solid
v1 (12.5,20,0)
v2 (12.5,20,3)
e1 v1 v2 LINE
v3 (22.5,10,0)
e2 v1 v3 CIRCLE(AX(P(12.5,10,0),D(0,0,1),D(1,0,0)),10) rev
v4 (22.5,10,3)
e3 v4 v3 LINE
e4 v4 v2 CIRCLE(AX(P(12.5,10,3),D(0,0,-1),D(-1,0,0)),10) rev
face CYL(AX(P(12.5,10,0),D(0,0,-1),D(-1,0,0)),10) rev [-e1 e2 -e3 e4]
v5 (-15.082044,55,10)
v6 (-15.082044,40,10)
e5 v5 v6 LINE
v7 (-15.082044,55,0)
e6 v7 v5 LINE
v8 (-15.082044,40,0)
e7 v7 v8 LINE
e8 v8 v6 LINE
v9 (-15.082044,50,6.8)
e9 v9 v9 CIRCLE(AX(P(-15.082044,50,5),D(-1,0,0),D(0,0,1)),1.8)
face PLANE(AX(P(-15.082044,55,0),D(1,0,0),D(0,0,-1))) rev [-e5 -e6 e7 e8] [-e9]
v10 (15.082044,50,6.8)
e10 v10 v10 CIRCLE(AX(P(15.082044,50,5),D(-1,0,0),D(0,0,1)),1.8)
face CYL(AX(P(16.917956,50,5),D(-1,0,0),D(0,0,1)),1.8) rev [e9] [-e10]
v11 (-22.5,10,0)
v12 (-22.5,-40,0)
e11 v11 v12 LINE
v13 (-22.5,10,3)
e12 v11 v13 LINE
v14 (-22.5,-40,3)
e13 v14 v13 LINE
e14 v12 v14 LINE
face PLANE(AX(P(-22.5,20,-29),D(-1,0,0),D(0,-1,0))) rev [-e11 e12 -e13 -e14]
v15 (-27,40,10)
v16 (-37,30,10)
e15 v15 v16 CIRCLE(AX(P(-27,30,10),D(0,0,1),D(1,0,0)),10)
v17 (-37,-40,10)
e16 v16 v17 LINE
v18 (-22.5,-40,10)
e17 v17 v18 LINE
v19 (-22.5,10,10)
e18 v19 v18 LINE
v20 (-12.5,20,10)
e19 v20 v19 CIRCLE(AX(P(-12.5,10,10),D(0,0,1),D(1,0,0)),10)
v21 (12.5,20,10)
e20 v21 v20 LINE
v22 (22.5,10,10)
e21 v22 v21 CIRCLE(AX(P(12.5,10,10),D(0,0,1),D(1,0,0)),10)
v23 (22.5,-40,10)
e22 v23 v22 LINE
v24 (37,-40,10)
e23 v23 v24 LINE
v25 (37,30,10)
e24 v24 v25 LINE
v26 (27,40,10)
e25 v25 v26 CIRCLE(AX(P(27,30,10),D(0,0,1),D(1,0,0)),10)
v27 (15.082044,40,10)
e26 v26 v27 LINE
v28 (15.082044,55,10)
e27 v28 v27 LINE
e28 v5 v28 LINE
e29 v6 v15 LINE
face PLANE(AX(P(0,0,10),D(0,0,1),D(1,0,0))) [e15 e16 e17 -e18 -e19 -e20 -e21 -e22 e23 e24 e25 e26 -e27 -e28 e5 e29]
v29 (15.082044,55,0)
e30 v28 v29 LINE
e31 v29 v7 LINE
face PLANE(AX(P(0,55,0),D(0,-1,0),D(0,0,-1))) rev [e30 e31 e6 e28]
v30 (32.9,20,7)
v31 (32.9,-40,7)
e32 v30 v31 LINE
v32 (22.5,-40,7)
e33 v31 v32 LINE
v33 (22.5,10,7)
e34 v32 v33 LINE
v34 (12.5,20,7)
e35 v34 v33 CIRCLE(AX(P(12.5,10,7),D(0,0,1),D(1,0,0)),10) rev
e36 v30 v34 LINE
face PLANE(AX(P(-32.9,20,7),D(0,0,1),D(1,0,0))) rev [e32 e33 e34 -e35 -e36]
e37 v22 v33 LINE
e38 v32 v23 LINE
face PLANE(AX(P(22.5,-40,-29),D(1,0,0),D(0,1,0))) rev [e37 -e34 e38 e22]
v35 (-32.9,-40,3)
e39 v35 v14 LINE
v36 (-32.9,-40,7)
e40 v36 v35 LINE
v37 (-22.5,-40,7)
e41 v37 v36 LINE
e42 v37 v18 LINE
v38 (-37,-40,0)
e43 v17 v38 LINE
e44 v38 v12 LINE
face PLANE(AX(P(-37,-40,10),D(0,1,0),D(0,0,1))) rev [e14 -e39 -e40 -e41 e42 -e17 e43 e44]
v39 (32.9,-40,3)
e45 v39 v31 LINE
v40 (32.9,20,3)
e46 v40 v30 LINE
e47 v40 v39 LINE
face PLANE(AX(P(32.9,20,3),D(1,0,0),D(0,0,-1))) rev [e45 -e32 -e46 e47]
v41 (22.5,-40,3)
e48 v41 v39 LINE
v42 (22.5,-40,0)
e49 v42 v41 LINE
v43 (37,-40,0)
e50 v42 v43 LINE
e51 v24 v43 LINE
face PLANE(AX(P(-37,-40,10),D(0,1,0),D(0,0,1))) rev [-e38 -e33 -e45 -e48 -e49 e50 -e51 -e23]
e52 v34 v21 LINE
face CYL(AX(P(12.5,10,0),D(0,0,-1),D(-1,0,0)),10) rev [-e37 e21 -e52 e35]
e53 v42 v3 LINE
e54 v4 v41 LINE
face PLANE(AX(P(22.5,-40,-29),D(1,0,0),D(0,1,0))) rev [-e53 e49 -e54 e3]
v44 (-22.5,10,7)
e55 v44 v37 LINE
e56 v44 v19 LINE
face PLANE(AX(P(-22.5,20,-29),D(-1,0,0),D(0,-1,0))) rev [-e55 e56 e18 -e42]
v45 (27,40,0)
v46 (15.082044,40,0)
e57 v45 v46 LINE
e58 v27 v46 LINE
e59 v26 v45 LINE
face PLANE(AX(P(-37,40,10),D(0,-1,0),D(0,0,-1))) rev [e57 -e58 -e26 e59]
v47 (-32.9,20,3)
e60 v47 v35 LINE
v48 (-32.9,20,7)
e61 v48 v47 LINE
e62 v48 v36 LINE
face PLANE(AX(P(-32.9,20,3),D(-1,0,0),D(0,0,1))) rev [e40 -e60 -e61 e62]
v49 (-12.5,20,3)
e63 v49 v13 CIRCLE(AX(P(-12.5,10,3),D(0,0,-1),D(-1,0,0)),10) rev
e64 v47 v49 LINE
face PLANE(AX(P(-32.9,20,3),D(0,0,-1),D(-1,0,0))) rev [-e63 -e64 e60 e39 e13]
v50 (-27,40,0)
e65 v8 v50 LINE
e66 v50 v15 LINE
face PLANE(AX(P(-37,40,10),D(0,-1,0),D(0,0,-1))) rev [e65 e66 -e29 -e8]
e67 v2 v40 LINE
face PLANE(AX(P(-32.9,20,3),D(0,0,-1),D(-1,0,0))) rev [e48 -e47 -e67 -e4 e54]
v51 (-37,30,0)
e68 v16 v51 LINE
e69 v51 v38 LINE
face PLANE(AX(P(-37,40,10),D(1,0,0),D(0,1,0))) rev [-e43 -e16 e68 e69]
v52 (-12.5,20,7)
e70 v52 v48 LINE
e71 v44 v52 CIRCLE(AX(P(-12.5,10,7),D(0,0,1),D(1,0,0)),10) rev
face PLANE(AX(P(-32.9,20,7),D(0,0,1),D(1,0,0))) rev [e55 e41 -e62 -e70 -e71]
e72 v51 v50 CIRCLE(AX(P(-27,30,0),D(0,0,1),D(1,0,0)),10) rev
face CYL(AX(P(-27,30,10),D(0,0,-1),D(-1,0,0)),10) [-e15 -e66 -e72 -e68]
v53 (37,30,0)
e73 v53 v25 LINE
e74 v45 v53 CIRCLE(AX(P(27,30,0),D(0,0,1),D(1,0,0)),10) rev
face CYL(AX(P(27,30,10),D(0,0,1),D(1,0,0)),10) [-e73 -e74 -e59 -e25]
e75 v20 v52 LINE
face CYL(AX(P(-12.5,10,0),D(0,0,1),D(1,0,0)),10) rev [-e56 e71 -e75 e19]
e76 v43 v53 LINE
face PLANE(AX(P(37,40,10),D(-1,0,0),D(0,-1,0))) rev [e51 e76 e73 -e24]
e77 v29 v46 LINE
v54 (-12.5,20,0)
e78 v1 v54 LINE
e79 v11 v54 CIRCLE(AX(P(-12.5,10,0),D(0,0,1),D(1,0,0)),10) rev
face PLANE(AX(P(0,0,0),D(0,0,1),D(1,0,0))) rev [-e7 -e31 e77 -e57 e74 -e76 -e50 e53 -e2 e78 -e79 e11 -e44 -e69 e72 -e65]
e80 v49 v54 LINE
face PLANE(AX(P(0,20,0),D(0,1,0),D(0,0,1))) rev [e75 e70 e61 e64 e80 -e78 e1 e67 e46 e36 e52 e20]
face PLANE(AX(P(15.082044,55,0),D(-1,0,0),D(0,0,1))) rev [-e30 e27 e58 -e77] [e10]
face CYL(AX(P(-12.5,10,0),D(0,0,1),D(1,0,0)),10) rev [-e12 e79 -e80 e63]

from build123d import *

# Parameters (mm, degrees)
CROQUIS1_W              = 74
CROQUIS1_H              = 80
SALIENTE_EXTRUIR1_DEPTH = 10
CROQUIS2_W              = 65.8
CROQUIS2_H              = 4
CORTAR_EXTRUIR1_DEPTH   = 60
CROQUIS3_W              = 45
CROQUIS3_H              = 60
CORTAR_EXTRUIR3_DEPTH   = 39
CROQUIS6_W              = 30.164087926
CROQUIS6_H              = 10
SALIENTE_EXTRUIR3_DEPTH = 15
REDONDEO1_R             = 10
REDONDEO2_R             = 10
CROQUIS7_R              = 1.8
CORTAR_EXTRUIR5_DEPTH   = 32
REDONDEO3_R             = 10
REDONDEO4_R             = 10
REDONDEO5_R             = 10
REDONDEO6_R             = 10


with BuildPart() as part:
    # Croquis1 → Saliente-Extruir1 (new body)
    with BuildSketch(Plane.XY):
        Rectangle(CROQUIS1_W, CROQUIS1_H)
    extrude(amount=SALIENTE_EXTRUIR1_DEPTH)

    # Croquis2 → Cortar-Extruir1 (cut)
    with BuildSketch(Plane.XZ.offset(40)):
        with Locations((0, 5)):
            Rectangle(CROQUIS2_W, CROQUIS2_H)
    extrude(amount=-CORTAR_EXTRUIR1_DEPTH, mode=Mode.SUBTRACT)

    # Croquis3 → Cortar-Extruir3 (cut)
    with BuildSketch(Plane.XY.offset(10)):
        with Locations((0, -10)):
            Rectangle(CROQUIS3_W, CROQUIS3_H)
    extrude(amount=-CORTAR_EXTRUIR3_DEPTH, mode=Mode.SUBTRACT)

    # Croquis6 → Saliente-Extruir3 (add)
    with BuildSketch(Plane(origin=(0, 40, 0), x_dir=(1, 0, 0), z_dir=(0, 1, 0))):
        with Locations((0, -5)):
            Rectangle(CROQUIS6_W, CROQUIS6_H)
    extrude(amount=SALIENTE_EXTRUIR3_DEPTH)

    # Redondeo1
    redondeo1_edges = [part.edges().sort_by_distance(p)[0] for p in [
        (-37, 40, 5),
    ]]
    fillet(redondeo1_edges, radius=REDONDEO1_R)

    # Redondeo2
    redondeo2_edges = [part.edges().sort_by_distance(p)[0] for p in [
        (37, 40, 5),
    ]]
    fillet(redondeo2_edges, radius=REDONDEO2_R)

    # Croquis7 → Cortar-Extruir5 (cut)
    with BuildSketch(Plane.ZY.offset(15.082043963)):
        with Locations((5, 50)):
            Circle(CROQUIS7_R)
    extrude(amount=-CORTAR_EXTRUIR5_DEPTH, mode=Mode.SUBTRACT)

    # Redondeo3
    redondeo3_edges = [part.edges().sort_by_distance(p)[0] for p in [
        (-22.5, 20, 8.5),
    ]]
    fillet(redondeo3_edges, radius=REDONDEO3_R)

    # Redondeo4
    redondeo4_edges = [part.edges().sort_by_distance(p)[0] for p in [
        (-22.5, 20, 1.5),
    ]]
    fillet(redondeo4_edges, radius=REDONDEO4_R)

    # Redondeo5
    redondeo5_edges = [part.edges().sort_by_distance(p)[0] for p in [
        (22.5, 20, 8.5),
    ]]
    fillet(redondeo5_edges, radius=REDONDEO5_R)

    # Redondeo6
    redondeo6_edges = [part.edges().sort_by_distance(p)[0] for p in [
        (22.5, 20, 1.5),
    ]]
    fillet(redondeo6_edges, radius=REDONDEO6_R)


solid = part.part
